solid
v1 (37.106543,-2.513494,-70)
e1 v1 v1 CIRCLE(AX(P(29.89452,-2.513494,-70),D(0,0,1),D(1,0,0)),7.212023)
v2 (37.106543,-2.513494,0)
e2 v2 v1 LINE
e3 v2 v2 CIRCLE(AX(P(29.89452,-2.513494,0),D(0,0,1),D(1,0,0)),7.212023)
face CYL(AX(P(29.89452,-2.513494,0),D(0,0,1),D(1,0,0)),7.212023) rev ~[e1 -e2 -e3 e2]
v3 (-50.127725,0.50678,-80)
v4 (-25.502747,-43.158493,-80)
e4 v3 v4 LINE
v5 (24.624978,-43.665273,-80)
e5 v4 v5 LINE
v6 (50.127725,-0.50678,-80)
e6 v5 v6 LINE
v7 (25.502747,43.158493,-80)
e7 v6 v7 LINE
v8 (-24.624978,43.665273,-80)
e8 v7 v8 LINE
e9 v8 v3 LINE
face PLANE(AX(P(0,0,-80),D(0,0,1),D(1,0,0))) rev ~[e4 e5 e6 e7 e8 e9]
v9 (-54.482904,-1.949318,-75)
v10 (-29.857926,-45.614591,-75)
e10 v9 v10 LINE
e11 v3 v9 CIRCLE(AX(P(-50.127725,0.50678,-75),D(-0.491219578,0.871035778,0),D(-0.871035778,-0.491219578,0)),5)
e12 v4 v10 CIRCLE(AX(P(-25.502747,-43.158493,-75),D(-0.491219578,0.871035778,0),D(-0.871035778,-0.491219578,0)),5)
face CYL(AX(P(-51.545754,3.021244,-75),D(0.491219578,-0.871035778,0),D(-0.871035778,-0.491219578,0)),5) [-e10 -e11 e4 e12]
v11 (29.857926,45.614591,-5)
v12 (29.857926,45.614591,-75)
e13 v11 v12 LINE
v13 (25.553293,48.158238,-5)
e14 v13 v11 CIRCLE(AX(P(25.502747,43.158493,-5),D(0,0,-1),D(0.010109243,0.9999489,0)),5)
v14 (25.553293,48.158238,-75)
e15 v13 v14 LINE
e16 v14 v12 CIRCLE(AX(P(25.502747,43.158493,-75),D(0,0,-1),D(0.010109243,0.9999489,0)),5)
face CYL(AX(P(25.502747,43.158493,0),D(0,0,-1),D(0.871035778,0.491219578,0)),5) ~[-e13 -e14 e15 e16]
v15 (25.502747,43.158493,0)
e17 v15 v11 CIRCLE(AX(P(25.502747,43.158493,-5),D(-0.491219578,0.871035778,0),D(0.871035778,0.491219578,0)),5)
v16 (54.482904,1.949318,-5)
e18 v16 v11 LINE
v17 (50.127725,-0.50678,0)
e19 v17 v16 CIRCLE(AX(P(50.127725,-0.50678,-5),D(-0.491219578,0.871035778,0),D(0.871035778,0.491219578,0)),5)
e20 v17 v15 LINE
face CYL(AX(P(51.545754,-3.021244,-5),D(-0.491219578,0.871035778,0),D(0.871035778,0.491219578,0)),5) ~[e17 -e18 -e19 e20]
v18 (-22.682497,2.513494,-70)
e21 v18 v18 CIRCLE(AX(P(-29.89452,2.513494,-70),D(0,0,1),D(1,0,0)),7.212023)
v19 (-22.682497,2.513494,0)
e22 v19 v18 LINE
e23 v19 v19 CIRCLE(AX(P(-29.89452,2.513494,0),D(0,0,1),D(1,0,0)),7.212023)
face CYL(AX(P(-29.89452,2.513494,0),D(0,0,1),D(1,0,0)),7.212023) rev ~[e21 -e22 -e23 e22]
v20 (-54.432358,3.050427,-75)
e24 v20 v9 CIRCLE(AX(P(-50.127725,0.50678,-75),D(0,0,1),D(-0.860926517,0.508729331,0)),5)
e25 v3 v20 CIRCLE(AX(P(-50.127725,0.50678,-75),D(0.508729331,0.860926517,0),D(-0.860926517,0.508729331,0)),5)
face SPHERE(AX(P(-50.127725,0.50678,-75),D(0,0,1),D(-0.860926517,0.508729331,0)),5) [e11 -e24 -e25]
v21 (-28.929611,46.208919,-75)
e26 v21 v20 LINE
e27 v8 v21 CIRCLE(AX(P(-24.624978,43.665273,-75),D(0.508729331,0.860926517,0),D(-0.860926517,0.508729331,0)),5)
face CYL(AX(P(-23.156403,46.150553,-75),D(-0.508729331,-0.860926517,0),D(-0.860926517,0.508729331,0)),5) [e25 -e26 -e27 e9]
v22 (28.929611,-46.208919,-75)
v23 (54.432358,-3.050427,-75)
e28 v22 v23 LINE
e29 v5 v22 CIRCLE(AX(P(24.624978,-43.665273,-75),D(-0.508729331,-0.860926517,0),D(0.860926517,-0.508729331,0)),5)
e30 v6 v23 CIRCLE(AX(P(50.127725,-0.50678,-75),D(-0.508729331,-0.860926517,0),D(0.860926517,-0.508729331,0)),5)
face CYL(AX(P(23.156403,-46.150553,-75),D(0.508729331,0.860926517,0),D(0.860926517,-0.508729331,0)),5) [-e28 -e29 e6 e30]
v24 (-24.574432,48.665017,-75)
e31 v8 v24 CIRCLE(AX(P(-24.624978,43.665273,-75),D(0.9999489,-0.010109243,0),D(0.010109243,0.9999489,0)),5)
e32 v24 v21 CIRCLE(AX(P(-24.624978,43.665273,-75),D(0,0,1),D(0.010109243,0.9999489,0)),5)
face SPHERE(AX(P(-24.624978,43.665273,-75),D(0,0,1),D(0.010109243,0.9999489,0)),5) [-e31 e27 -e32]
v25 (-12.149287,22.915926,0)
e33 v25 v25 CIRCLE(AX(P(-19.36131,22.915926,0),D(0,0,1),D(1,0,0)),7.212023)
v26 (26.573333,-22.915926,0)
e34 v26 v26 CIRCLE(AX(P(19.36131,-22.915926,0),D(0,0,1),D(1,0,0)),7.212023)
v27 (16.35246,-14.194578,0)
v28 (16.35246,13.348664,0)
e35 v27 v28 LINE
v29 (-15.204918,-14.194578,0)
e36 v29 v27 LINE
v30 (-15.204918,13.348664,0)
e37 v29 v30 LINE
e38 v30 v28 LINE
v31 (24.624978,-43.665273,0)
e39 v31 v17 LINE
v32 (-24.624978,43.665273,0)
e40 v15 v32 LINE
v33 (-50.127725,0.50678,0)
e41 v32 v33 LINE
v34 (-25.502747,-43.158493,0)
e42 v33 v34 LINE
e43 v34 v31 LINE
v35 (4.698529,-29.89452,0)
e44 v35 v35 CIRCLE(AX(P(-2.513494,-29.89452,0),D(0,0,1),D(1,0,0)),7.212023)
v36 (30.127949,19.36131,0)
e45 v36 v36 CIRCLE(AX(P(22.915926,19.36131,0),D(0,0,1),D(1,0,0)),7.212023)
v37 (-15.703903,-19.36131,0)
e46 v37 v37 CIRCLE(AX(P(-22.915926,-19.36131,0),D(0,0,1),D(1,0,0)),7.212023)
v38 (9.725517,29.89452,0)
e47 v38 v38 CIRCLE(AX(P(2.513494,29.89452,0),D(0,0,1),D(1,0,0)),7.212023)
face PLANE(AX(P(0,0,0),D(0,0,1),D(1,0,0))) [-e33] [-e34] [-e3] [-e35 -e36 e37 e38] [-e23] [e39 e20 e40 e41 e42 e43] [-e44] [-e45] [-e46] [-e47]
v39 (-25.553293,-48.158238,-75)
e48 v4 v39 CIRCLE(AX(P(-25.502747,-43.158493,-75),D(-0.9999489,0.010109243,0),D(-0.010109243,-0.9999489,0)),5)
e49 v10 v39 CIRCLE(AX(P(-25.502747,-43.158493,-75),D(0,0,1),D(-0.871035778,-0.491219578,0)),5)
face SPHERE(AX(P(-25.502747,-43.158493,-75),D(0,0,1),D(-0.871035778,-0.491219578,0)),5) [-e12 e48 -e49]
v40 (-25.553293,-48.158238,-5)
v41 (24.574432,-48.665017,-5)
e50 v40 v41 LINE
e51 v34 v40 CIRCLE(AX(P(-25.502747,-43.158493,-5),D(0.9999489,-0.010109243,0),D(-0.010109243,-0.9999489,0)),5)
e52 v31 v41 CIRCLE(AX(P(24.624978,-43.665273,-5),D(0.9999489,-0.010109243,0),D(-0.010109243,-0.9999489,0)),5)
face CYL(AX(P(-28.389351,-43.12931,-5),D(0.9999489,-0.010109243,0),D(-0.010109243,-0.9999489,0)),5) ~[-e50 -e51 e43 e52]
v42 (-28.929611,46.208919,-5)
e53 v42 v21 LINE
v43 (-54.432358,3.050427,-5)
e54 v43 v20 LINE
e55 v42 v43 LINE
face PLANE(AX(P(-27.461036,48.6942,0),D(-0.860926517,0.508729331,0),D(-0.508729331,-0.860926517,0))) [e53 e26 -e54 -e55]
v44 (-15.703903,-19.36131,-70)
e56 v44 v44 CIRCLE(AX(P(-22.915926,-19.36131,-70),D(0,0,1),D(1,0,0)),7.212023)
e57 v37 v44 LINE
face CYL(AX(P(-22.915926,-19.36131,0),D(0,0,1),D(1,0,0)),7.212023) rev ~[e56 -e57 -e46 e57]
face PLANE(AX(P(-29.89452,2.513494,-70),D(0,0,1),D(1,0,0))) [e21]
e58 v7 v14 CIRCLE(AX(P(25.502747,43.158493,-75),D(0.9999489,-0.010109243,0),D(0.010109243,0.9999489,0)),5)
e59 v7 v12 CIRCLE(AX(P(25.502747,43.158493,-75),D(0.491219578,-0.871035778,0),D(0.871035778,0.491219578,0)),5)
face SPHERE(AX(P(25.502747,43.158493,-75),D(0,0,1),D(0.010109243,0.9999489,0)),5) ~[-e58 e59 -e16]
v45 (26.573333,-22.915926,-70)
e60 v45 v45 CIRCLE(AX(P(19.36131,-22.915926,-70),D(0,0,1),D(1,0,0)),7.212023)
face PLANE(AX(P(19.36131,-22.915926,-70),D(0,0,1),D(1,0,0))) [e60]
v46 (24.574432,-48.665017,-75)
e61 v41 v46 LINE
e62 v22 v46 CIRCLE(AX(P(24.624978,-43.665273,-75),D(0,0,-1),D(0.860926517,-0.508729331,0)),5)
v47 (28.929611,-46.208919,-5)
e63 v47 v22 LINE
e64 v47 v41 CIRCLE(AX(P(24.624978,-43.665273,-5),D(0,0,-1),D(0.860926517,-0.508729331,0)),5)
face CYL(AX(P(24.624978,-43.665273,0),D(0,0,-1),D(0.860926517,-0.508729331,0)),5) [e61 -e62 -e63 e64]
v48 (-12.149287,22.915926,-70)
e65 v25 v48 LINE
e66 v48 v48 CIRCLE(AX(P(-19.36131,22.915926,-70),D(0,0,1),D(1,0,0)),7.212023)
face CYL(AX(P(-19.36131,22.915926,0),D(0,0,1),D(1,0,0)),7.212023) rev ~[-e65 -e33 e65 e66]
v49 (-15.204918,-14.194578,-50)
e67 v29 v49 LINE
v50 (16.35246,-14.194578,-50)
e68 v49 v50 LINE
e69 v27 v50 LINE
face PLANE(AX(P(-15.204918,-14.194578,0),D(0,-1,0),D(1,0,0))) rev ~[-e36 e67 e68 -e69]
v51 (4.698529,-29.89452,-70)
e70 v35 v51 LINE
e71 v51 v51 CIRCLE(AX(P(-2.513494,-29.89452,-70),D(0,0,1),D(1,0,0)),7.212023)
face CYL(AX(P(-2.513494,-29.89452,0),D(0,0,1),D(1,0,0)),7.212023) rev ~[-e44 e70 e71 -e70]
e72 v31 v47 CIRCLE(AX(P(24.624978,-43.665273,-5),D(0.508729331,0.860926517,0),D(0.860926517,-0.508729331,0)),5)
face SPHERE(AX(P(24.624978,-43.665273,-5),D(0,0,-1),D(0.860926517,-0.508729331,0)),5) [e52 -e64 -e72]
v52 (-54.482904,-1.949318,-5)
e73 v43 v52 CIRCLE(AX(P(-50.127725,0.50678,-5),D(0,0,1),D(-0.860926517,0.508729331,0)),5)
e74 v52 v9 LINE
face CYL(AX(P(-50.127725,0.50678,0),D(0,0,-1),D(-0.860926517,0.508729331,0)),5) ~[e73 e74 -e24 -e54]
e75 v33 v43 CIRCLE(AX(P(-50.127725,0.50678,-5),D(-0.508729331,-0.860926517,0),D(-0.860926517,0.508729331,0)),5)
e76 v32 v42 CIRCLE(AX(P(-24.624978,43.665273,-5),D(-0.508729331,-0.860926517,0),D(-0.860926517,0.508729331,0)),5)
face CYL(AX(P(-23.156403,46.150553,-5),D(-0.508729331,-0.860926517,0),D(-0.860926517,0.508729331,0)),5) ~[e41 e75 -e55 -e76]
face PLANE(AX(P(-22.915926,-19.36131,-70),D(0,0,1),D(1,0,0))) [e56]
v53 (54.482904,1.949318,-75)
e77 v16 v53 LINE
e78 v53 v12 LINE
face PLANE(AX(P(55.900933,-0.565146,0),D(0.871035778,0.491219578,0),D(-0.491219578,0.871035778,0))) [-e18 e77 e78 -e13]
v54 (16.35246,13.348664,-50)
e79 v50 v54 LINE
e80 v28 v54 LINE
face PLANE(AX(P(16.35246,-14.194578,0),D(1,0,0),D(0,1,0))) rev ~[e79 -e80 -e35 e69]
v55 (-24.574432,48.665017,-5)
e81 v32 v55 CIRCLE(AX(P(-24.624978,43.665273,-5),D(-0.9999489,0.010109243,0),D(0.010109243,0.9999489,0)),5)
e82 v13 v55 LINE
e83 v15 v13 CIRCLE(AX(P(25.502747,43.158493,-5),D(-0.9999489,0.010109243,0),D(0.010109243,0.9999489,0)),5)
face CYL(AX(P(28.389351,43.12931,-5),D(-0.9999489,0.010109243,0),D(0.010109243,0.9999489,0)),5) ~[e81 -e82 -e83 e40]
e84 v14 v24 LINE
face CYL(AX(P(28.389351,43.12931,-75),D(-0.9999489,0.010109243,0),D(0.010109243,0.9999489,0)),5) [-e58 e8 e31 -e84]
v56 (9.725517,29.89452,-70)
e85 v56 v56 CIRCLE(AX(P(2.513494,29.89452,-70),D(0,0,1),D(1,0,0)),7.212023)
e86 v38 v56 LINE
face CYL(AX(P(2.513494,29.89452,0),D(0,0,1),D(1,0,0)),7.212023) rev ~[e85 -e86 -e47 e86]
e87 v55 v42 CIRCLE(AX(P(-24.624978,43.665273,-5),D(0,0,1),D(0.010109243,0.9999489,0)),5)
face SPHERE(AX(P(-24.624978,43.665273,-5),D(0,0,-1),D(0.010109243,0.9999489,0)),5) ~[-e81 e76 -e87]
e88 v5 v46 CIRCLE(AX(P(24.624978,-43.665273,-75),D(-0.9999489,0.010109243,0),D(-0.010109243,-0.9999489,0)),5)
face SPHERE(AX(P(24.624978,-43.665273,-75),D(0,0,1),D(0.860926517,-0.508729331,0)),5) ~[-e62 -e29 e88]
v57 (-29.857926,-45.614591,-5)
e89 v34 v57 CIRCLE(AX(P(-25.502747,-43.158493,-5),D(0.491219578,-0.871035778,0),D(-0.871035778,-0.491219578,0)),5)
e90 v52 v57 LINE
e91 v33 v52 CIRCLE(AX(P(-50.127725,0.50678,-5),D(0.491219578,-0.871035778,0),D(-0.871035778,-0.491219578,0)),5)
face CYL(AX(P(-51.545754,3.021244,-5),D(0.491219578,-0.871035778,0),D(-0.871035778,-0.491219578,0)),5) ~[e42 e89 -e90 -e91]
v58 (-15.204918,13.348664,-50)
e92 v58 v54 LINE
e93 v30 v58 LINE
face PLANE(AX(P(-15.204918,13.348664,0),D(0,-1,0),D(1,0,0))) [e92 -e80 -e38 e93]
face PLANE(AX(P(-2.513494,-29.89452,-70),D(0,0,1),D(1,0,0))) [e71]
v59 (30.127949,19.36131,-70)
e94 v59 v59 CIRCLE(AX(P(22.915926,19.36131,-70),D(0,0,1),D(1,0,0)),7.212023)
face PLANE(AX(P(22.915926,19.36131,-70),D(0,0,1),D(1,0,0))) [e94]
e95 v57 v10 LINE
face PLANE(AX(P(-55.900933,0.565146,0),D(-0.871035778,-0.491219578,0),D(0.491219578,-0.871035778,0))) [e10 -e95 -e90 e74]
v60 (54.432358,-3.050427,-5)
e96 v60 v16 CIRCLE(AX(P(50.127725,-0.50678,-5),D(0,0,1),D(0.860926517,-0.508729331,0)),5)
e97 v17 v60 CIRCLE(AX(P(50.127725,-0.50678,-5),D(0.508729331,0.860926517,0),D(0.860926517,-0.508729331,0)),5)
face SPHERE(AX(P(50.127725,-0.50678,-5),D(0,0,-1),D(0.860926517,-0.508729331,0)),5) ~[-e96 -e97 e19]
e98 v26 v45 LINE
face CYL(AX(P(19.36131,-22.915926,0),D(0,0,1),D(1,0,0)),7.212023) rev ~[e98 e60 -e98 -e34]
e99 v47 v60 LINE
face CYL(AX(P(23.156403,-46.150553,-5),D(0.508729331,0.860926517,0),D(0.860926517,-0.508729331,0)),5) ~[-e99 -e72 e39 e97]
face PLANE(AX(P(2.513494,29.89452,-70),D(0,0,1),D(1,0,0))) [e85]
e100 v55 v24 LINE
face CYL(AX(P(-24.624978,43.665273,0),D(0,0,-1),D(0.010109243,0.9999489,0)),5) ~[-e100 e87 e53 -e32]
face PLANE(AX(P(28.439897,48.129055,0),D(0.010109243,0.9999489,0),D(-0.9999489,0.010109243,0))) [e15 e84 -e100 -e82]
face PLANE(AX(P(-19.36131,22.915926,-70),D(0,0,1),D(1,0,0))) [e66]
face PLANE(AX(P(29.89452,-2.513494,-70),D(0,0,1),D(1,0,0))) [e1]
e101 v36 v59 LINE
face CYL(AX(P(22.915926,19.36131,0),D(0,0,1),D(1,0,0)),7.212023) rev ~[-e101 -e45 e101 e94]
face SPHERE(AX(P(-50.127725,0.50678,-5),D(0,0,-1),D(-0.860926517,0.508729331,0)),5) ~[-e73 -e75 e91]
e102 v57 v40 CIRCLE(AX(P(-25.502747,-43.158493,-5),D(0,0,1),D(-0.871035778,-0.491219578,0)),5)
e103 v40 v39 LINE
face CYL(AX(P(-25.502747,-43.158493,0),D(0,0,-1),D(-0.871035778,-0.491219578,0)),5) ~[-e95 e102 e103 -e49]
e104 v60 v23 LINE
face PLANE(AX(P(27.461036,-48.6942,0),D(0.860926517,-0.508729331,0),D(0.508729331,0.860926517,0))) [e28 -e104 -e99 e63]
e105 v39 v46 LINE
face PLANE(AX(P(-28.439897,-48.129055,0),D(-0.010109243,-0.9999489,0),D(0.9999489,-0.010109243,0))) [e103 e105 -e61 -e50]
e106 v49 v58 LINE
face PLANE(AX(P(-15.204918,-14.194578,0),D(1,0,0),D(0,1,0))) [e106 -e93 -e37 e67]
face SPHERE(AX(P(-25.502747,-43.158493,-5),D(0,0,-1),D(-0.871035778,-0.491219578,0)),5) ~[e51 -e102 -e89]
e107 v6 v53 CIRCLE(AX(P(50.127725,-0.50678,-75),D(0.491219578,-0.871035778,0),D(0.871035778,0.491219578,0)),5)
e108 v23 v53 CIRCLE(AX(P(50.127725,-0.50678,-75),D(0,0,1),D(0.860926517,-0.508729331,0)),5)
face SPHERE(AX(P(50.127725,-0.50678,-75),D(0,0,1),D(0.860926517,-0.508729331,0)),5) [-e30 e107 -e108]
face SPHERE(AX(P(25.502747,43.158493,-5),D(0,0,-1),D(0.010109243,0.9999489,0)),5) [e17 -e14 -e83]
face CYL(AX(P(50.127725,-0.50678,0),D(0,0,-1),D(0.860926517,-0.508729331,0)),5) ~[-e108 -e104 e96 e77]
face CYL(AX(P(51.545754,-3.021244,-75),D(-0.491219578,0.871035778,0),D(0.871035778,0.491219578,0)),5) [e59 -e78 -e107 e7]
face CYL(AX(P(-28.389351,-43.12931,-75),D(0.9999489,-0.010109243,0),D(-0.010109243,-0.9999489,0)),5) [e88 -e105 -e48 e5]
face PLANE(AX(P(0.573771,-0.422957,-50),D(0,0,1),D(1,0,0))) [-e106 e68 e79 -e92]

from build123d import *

# Parameters (mm, degrees)
F1_DEPTH = 80
F2_R     = 5
F3_R     = 7.212023
F4_DEPTH = 50
F5_DEPTH = 70
F6_W     = 31.557379
F6_H     = 27.543242
F7_DEPTH = 50


with BuildPart() as f1:
    # F0 (on Top) → F1 (new body)
    with BuildSketch(Plane.XY):
        Polygon((27.461036, -48.6942), (55.900933, -0.565146), (28.439897, 48.129055), (-27.461036, 48.6942), (-55.900933, 0.565146), (-28.439897, -48.129055), align=None)
    extrude(amount=-F1_DEPTH)

    # F2
    f2_edges = [f1.edges().sort_by_distance(p)[0] for p in [
        (55.900933, -0.565146, -40),
        (27.461036, -48.6942, -40),
        (41.680984, -24.629673, -80),
        (41.680984, -24.629673, 0),
        (-0.48943, -48.411628, 0),
        (-0.48943, -48.411628, -80),
        (-28.439897, -48.129055, -40),
        (42.170415, 23.781955, -80),
        (42.170415, 23.781955, 0),
        (28.439897, 48.129055, -40),
        (0.48943, 48.411628, 0),
        (-41.680984, 24.629673, 0),
        (-42.170415, -23.781955, 0),
        (0.48943, 48.411628, -80),
        (-41.680984, 24.629673, -80),
        (-42.170415, -23.781955, -80),
        (-55.900933, 0.565146, -40),
        (-27.461036, 48.6942, -40),
    ]]
    fillet(f2_edges, radius=F2_R)

    # F3 (on face) → F4 (join)
    with BuildSketch(Plane.XY):
        with Locations((-19.36131, 22.915926)):
            Circle(F3_R)
        with Locations((-29.89452, 2.513494)):
            Circle(F3_R)
        with Locations((-22.915926, -19.36131)):
            Circle(F3_R)
        with Locations((-2.513494, -29.89452)):
            Circle(F3_R)
        with Locations((19.36131, -22.915926)):
            Circle(F3_R)
        with Locations((29.89452, -2.513494)):
            Circle(F3_R)
        with Locations((22.915926, 19.36131)):
            Circle(F3_R)
        with Locations((2.513494, 29.89452)):
            Circle(F3_R)
    extrude(amount=-F4_DEPTH)

    # F3 (on face) → F5 (cut)
    with BuildSketch(Plane.XY):
        with Locations((-29.89452, 2.513494)):
            Circle(F3_R)
        with Locations((-22.915926, -19.36131)):
            Circle(F3_R)
        with Locations((19.36131, -22.915926)):
            Circle(F3_R)
        with Locations((2.513494, 29.89452)):
            Circle(F3_R)
        with Locations((-2.513494, -29.89452)):
            Circle(F3_R)
        with Locations((-19.36131, 22.915926)):
            Circle(F3_R)
        with Locations((22.915926, 19.36131)):
            Circle(F3_R)
        with Locations((29.89452, -2.513494)):
            Circle(F3_R)
    extrude(amount=-F5_DEPTH, mode=Mode.SUBTRACT)

    # F6 (on face) → F7 (cut)
    with BuildSketch(Plane.XY):
        with Locations((0.573771, -0.422957)):
            Rectangle(F6_W, F6_H)
    extrude(amount=-F7_DEPTH, mode=Mode.SUBTRACT)


solid = f1.part
